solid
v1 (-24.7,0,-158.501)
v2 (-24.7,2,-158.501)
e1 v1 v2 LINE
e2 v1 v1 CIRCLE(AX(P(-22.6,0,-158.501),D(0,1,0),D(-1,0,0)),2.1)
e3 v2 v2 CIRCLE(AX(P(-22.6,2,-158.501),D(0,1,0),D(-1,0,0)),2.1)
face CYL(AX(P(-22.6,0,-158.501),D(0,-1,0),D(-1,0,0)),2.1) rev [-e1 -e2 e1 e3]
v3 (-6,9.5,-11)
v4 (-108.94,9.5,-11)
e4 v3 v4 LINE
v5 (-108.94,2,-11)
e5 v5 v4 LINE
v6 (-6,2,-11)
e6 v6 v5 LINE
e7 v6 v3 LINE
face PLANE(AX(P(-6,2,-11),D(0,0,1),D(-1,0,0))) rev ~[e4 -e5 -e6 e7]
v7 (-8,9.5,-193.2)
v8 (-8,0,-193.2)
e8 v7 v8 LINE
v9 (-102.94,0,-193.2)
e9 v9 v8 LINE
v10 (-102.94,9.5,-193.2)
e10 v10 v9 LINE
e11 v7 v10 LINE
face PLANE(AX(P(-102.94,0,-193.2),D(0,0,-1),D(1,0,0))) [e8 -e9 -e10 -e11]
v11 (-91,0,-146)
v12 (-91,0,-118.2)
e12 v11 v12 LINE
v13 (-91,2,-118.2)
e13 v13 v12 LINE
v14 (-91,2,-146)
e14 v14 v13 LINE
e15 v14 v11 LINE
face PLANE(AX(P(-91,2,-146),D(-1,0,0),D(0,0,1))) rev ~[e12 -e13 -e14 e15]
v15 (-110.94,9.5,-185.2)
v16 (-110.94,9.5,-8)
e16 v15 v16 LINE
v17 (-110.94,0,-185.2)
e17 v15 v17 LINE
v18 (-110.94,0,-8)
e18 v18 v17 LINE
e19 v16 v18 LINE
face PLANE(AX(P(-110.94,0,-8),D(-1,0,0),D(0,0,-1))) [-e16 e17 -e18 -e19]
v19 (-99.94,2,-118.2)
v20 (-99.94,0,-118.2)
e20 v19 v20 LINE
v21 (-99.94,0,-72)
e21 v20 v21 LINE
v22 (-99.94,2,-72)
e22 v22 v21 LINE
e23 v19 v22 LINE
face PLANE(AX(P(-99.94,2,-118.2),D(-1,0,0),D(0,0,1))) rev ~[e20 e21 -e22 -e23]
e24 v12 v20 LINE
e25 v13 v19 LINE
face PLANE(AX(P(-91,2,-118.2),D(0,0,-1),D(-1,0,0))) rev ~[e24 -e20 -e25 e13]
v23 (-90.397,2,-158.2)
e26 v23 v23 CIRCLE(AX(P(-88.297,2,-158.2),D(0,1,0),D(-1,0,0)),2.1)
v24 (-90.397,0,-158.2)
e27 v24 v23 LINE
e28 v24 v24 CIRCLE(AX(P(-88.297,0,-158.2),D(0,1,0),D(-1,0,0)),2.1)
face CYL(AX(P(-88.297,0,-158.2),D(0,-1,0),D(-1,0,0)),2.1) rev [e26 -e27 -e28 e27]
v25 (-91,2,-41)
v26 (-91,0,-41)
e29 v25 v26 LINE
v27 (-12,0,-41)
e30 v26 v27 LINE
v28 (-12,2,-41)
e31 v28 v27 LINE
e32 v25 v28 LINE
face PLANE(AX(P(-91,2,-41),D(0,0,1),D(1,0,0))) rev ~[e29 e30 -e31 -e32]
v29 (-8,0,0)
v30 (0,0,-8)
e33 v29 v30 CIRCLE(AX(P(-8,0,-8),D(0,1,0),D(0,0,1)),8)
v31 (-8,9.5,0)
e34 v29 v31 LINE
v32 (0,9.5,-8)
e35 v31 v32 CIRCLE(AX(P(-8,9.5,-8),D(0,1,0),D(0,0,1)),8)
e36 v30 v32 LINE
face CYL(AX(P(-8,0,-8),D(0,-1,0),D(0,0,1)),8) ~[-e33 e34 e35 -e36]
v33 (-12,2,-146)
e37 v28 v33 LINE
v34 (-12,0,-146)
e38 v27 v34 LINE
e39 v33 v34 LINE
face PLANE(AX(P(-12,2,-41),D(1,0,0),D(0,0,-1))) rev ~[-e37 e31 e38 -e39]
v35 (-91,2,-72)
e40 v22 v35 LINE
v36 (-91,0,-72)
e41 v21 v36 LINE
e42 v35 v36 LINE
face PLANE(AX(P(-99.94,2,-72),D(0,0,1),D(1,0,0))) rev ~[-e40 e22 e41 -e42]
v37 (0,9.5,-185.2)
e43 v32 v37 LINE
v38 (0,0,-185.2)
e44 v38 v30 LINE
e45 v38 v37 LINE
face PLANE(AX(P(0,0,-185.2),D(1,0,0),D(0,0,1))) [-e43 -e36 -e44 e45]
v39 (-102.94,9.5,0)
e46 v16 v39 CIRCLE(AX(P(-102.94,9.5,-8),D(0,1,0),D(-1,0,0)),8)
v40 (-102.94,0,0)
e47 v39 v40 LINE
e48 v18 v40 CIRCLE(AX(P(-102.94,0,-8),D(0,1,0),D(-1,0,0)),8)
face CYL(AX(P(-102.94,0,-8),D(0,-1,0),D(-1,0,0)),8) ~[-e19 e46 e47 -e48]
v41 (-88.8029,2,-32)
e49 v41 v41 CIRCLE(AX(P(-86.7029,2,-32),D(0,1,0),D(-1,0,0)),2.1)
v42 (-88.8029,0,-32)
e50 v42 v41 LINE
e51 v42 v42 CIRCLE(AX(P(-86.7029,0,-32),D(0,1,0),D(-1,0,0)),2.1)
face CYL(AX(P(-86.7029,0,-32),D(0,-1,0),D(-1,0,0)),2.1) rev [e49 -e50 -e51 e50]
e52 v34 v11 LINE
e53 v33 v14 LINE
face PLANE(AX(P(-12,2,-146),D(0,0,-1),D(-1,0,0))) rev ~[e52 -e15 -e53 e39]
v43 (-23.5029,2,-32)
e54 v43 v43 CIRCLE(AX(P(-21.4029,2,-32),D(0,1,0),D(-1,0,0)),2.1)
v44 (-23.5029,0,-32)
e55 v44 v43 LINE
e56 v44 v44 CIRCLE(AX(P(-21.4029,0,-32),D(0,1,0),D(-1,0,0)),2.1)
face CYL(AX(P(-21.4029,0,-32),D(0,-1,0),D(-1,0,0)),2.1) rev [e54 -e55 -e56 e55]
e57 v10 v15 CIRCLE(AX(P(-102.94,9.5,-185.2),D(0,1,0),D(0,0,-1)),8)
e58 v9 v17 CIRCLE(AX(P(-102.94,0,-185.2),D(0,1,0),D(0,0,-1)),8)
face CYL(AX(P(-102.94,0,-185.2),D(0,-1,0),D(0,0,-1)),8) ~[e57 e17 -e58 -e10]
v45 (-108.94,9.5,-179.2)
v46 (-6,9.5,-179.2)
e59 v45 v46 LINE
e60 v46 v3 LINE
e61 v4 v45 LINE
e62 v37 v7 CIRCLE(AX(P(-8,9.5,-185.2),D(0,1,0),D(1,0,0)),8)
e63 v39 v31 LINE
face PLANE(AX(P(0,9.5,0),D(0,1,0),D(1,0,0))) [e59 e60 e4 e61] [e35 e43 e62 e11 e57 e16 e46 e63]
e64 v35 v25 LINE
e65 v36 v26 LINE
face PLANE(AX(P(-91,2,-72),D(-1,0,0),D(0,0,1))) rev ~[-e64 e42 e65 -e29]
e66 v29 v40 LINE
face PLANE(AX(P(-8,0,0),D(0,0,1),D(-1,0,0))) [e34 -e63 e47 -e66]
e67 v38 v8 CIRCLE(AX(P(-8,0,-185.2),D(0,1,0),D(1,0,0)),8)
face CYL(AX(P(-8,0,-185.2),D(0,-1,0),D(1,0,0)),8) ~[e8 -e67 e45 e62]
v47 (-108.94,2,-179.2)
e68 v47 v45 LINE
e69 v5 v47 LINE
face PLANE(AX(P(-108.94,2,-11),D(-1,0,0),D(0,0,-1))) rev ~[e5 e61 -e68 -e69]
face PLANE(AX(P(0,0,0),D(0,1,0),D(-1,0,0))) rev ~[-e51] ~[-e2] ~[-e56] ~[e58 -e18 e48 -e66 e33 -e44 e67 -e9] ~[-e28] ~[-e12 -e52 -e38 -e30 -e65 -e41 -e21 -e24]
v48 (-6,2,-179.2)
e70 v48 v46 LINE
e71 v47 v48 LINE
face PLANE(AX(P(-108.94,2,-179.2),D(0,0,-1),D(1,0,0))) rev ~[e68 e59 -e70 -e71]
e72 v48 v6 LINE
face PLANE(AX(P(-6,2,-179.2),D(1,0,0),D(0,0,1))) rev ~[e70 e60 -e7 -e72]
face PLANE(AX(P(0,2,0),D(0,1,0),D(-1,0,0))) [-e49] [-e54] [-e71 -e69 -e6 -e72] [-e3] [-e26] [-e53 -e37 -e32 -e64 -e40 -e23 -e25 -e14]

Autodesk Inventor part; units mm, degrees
ref_plane "YZ Plane" through (0, 0, 0) normal (1, 0, 0) x (0, 1, 0)
ref_plane "XZ Plane" through (0, 0, 0) normal (0, 1, 0) x (-1, 0, 0)
ref_plane "XY Plane" through (0, 0, 0) normal (0, 0, 1) x (1, 0, 0)
sketch "Sketch1" plane through (0, 0, 0) normal (0, 1, 0) x (-1, 0, 0)
  line L0 (8, 0) -> (102.94, 0)
  line L1 (110.94, -8) -> (110.94, -185.2)
  line L2 (102.94, -193.2) -> (8, -193.2)
  line L3 (0, -185.2) -> (0, -8)
  circle A0 centre (86.7029, -32) radius 2.1
  circle A1 centre (88.297, -158.2) radius 2.1
  circle A2 centre (22.6, -158.501) radius 2.1
  circle A3 centre (21.4029, -32) radius 2.1
  arc A4 (110.94, -8) -> (102.94, 0) centre (102.94, -8) ccw
  arc A5 (8, 0) -> (0, -8) centre (8, -8) ccw
  arc A6 (0, -185.2) -> (8, -193.2) centre (8, -185.2) ccw
  arc A7 (102.94, -193.2) -> (110.94, -185.2) centre (102.94, -185.2) ccw
  point P0 (0, 0)
  dimension "d0" = 110.94
  dimension "d1" = 193.2
  dimension "d2" = 4.2
  dimension "d3" = 4.2
  dimension "d4" = 65.3
  dimension "d5" = 65.697
  dimension "d6" = 4.2
  dimension "d7" = 4.2
  dimension "d8" = 126.2
  dimension "d9" = 126.501
  dimension "d10" = 0
  dimension "d11" = 22.6
  dimension "d12" = 35
  dimension "d13" = 8
extrude "Extrusion1" add sketch "Sketch1" along normal blind 2
sketch "Sketch2" plane through (0, 2, 0) normal (0, 1, 0) x (1, 0, 0)
  line L0 (-8, 193.2) -> (-102.94, 193.2) projected
  arc A0 (-102.94, 193.2) -> (-110.94, 185.2) centre (-102.94, 185.2) ccw projected
  line L1 (-110.94, 185.2) -> (-110.94, 8) projected
  arc A1 (-110.94, 8) -> (-102.94, 0) centre (-102.94, 8) ccw projected
  line L2 (-102.94, 0) -> (-8, 0) projected
  arc A2 (-8, 0) -> (0, 8) centre (-8, 8) ccw projected
  line L3 (0, 8) -> (0, 185.2) projected
  arc A3 (0, 185.2) -> (-8, 193.2) centre (-8, 185.2) ccw projected
  circle A4 centre (-86.7029, 32) radius 2.1 projected
  circle A5 centre (-88.297, 158.2) radius 2.1 projected
  circle A6 centre (-22.6, 158.501) radius 2.1 projected
  circle A7 centre (-21.4029, 32) radius 2.1 projected
  line L4 (-108.94, 11) -> (-108.94, 179.2)
  line L5 (-108.94, 179.2) -> (-6, 179.2)
  line L6 (-6, 11) -> (-108.94, 11)
  line L7 (-6, 179.2) -> (-6, 11)
  point P0 (0, 0)
  dimension "d16" = 2
  dimension "d17" = 14
  dimension "d18" = 11
  dimension "d19" = 6
extrude "Extrusion2" add sketch "Sketch2" along normal blind 7.5 contours A3 L3 A2 L2 A1 L1 A0 L0
sketch "Sketch3" plane through (0, 2, 0) normal (0, 1, 0) x (1, 0, 0)
  line L0 (-91, 41) -> (-12, 41)
  line L1 (-12, 41) -> (-12, 146)
  line L2 (-12, 146) -> (-91, 146)
  line L3 (-6, 179.2) -> (-6, 11) projected
  line L4 (-6, 11) -> (-108.94, 11) projected
  line L5 (-99.94, 72) -> (-91, 72)
  line L6 (-91, 118.2) -> (-99.94, 118.2)
  line L7 (-99.94, 118.2) -> (-99.94, 72)
  circle A0 centre (-88.297, 158.2) radius 2.1 projected
  circle A1 centre (-86.7029, 32) radius 2.1 projected
  line L8 (-108.94, 11) -> (-108.94, 179.2) projected
  line L9 (-91, 146) -> (-91, 118.2)
  line L10 (-91, 72) -> (-91, 41)
  point P0 (0, 0)
  dimension "d22" = 105
  dimension "d24" = 6
  dimension "d25" = 30
  dimension "d26" = 40
  dimension "d27" = 40
  dimension "d28" = 9
extrude "Extrusion3" cut sketch "Sketch3" against normal blind 7.5 contours L10 L5 L7 L6 L9 L2 L1 L0
properties part number "Front"
